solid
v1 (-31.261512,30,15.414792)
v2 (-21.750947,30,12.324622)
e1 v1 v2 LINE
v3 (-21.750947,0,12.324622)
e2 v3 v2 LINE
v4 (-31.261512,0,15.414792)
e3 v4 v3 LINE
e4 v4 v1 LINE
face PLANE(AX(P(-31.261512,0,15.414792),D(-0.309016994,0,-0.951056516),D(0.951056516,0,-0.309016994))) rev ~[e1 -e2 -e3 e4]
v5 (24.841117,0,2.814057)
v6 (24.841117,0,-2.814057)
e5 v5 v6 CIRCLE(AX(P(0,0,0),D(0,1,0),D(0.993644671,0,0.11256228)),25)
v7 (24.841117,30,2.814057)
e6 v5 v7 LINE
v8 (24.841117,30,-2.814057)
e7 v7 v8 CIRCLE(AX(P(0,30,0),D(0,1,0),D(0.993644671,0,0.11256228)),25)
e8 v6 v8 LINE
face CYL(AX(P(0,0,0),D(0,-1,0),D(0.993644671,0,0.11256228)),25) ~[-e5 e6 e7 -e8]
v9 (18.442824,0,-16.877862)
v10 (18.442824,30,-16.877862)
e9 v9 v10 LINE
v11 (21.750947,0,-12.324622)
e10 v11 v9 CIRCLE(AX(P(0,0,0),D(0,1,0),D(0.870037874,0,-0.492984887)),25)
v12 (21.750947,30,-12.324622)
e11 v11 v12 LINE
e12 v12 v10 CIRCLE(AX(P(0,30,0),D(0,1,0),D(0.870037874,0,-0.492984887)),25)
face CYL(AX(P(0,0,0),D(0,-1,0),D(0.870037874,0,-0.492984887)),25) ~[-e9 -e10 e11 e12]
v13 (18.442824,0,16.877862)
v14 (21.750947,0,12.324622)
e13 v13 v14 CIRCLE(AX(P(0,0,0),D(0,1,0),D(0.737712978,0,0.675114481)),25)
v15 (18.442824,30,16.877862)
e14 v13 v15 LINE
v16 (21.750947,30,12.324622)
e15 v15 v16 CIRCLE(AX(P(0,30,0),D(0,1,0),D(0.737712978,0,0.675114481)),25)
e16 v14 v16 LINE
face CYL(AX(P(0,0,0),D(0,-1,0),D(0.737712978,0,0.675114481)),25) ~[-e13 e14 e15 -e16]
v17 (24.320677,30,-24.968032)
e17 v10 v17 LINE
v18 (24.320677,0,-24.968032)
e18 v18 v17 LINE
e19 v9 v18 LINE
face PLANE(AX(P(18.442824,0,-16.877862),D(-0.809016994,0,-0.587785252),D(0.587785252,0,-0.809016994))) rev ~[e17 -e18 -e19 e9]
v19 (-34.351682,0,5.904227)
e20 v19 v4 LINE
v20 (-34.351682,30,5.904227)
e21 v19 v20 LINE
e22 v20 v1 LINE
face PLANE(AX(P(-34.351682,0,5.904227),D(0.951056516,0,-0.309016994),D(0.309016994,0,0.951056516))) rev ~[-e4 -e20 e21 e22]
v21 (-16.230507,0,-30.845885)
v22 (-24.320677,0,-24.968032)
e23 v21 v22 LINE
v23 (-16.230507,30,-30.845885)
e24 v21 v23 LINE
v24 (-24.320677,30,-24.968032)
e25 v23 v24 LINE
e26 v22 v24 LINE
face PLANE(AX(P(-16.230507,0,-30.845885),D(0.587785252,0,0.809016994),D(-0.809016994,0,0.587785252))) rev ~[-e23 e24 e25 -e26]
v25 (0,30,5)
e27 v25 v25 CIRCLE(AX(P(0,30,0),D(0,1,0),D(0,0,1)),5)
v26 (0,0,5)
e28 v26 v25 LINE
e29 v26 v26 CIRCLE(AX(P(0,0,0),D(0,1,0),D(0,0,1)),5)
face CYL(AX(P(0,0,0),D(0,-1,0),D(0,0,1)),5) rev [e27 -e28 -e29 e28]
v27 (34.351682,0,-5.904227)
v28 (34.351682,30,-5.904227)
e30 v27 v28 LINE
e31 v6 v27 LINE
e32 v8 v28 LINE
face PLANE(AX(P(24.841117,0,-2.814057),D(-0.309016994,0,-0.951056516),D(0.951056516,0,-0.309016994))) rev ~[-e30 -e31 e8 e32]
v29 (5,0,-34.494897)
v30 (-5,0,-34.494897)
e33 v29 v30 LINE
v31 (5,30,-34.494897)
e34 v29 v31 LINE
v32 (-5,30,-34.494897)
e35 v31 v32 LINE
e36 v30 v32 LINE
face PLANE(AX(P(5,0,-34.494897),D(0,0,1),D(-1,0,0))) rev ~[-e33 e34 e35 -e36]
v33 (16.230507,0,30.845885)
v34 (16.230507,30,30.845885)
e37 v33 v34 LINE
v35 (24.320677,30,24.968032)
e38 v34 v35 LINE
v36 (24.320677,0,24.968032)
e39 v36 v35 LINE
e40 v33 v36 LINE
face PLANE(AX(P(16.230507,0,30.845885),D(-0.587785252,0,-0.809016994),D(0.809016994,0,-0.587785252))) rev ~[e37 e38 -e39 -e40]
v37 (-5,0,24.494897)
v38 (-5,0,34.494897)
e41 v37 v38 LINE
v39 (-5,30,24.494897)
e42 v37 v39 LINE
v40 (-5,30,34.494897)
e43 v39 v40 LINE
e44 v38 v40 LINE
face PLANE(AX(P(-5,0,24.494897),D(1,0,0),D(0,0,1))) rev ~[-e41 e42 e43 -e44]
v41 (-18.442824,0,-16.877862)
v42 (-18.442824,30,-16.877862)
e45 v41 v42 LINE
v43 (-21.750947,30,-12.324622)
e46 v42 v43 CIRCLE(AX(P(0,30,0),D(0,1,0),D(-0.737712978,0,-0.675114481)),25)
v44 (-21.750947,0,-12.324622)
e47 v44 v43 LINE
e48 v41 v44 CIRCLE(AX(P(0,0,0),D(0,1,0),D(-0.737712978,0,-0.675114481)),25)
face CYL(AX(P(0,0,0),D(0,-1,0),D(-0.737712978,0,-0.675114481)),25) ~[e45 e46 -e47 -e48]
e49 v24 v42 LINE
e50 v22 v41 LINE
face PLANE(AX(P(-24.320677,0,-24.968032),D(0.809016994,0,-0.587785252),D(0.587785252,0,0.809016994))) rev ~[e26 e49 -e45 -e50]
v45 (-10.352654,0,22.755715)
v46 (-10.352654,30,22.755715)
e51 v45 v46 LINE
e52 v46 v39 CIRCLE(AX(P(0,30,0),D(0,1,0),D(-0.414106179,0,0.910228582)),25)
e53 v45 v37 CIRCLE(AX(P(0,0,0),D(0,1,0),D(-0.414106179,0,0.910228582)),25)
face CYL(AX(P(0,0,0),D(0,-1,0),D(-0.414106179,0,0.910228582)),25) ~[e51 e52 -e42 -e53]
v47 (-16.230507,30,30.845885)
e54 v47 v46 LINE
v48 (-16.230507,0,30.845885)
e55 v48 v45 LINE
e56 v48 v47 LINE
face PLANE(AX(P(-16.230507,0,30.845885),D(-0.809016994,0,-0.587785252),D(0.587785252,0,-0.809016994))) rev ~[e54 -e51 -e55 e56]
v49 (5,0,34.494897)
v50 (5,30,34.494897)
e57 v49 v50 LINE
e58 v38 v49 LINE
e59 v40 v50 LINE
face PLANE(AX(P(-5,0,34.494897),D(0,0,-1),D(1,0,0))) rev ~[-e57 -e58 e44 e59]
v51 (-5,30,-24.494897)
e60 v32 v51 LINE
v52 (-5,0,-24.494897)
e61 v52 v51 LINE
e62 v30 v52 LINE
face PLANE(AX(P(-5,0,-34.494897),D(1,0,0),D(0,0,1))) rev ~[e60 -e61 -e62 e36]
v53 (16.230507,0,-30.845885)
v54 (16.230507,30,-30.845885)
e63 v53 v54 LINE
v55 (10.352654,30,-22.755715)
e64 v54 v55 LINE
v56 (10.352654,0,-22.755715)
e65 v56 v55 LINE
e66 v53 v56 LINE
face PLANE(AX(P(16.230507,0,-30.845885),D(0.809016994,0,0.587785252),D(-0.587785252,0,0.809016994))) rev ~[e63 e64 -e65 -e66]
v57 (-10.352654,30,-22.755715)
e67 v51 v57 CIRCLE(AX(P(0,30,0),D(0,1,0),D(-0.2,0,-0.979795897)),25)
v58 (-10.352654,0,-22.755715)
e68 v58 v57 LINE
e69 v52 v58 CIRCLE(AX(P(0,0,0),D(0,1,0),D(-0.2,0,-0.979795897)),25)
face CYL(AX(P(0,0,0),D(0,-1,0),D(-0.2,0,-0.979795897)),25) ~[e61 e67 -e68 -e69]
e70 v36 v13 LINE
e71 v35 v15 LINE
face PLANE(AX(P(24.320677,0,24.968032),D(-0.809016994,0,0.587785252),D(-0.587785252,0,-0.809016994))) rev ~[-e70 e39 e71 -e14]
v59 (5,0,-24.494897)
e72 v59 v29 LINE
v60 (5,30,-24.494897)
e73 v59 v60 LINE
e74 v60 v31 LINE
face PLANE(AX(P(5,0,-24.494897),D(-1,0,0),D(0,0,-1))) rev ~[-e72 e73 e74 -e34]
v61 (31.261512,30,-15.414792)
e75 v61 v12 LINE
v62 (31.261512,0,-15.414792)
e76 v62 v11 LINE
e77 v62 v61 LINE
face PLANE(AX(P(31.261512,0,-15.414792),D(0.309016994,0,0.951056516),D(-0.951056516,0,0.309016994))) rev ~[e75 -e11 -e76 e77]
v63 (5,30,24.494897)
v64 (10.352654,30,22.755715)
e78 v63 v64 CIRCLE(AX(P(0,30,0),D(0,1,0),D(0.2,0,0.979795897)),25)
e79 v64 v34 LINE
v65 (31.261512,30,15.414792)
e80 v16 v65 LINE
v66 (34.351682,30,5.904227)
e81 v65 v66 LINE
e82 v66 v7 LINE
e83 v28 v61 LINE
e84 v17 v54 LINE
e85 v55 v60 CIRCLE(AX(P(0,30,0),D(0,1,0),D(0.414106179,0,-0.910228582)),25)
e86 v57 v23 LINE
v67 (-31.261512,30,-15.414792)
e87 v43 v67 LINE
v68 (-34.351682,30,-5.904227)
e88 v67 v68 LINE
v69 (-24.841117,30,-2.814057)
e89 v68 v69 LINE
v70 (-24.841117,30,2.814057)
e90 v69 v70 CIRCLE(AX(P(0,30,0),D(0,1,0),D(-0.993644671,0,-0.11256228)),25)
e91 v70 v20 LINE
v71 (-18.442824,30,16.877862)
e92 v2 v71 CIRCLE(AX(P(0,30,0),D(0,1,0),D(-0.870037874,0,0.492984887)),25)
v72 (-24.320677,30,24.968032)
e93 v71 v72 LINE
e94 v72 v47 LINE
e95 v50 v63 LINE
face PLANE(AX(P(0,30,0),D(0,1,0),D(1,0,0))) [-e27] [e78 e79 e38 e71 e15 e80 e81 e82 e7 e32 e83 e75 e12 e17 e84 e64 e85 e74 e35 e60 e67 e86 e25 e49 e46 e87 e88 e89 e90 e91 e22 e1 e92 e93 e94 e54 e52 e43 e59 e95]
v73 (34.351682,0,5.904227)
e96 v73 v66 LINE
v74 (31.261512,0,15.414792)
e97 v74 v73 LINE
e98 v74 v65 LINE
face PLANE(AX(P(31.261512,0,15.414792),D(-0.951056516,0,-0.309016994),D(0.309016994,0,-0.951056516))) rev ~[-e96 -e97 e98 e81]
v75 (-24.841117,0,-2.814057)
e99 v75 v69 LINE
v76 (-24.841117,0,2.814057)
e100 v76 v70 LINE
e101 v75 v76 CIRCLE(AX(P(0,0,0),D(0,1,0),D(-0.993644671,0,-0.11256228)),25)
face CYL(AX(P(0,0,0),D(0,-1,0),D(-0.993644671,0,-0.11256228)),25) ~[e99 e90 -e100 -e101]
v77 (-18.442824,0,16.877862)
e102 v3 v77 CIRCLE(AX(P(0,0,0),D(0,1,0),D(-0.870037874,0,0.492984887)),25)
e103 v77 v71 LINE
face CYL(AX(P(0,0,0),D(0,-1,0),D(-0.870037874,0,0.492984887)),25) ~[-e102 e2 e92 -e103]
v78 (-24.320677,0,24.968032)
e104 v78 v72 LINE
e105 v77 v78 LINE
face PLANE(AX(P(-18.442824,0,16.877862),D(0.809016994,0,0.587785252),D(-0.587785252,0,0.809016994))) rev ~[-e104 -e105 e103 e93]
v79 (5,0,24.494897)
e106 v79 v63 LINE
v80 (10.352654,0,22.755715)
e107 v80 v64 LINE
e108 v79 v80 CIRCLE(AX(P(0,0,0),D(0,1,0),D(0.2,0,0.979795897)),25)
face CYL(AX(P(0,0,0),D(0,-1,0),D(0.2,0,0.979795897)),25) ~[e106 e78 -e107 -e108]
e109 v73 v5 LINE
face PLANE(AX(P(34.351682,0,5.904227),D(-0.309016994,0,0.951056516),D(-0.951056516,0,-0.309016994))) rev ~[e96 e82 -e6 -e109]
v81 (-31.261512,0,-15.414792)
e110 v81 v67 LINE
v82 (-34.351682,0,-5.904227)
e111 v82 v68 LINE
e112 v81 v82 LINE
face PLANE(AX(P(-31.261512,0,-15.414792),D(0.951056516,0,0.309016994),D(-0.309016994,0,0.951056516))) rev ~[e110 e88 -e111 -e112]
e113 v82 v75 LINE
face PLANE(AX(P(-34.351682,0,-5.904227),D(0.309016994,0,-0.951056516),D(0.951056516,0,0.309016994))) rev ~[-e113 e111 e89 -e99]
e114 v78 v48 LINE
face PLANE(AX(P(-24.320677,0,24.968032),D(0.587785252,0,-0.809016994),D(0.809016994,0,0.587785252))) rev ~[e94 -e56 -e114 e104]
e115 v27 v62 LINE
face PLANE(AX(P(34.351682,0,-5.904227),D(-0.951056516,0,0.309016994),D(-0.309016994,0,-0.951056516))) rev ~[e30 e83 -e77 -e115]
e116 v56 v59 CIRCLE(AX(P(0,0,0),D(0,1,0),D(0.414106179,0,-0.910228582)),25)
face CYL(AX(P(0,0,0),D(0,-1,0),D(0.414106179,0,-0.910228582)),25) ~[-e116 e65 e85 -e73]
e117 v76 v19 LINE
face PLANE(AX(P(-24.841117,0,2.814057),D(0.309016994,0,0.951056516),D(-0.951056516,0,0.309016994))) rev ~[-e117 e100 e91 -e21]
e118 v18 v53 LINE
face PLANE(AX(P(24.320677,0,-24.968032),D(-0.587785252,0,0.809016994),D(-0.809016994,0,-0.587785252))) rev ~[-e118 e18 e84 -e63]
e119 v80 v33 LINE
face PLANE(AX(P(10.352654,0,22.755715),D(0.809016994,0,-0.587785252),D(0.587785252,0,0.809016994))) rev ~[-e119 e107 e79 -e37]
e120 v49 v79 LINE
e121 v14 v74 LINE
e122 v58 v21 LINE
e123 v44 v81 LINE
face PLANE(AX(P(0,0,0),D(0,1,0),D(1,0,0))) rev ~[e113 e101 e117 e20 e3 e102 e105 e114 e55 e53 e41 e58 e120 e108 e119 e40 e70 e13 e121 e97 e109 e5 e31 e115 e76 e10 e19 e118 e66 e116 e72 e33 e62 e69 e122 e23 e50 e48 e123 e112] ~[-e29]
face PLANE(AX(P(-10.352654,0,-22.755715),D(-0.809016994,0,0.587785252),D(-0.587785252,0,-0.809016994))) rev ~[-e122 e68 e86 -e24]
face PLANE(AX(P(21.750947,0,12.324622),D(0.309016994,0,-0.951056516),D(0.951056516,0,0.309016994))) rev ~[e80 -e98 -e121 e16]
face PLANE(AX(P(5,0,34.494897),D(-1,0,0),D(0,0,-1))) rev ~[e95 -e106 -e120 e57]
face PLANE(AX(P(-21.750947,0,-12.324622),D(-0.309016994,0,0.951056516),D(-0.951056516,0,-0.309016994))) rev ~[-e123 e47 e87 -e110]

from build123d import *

# Parameters (mm, degrees)
SKETCH_1_R      = 5
EXTRUDE_1_DEPTH = 30


with BuildPart() as part:
    # 草圖1 → 填料-伸長1 (new body)
    with BuildSketch(Plane(origin=(0, 0, 0), x_dir=(1, 0, 0), z_dir=(0, 1, 0))):
        with BuildLine():
            Line((24.320676959, 24.968031977), (16.230507016, 30.8458845))
            Line((16.230507016, 30.8458845), (10.352654493, 22.755714556))
            ThreePointArc((10.352654493, 22.755714556), (7.725424859, 23.776412907), (5, 24.494897428))
            Line((5, 24.494897428), (5, 34.494897428))
            Line((5, 34.494897428), (-5, 34.494897428))
            Line((-5, 34.494897428), (-5, 24.494897428))
            ThreePointArc((-5, 24.494897428), (-7.725424859, 23.776412907), (-10.352654493, 22.755714556))
            Line((-10.352654493, 22.755714556), (-16.230507016, 30.8458845))
            Line((-16.230507016, 30.8458845), (-24.320676959, 24.968031977))
            Line((-24.320676959, 24.968031977), (-18.442824436, 16.877862033))
            ThreePointArc((-18.442824436, 16.877862033), (-20.225424859, 14.694631307), (-21.750946843, 12.324622162))
            Line((-21.750946843, 12.324622162), (-31.261512006, 15.414792106))
            Line((-31.261512006, 15.414792106), (-34.35168195, 5.904226943))
            Line((-34.35168195, 5.904226943), (-24.841116787, 2.814056999))
            ThreePointArc((-24.841116787, 2.814056999), (-25, 0), (-24.841116787, -2.814056999))
            Line((-24.841116787, -2.814056999), (-34.35168195, -5.904226943))
            Line((-34.35168195, -5.904226943), (-31.261512006, -15.414792106))
            Line((-31.261512006, -15.414792106), (-21.750946843, -12.324622162))
            ThreePointArc((-21.750946843, -12.324622162), (-20.225424859, -14.694631307), (-18.442824436, -16.877862033))
            Line((-18.442824436, -16.877862033), (-24.320676959, -24.968031977))
            Line((-24.320676959, -24.968031977), (-16.230507016, -30.8458845))
            Line((-16.230507016, -30.8458845), (-10.352654493, -22.755714556))
            ThreePointArc((-10.352654493, -22.755714556), (-7.725424859, -23.776412907), (-5, -24.494897428))
            Line((-5, -24.494897428), (-5, -34.494897428))
            Line((-5, -34.494897428), (5, -34.494897428))
            Line((5, -34.494897428), (5, -24.494897428))
            ThreePointArc((5, -24.494897428), (7.725424859, -23.776412907), (10.352654493, -22.755714556))
            Line((10.352654493, -22.755714556), (16.230507016, -30.8458845))
            Line((16.230507016, -30.8458845), (24.320676959, -24.968031977))
            Line((24.320676959, -24.968031977), (18.442824436, -16.877862033))
            ThreePointArc((18.442824436, -16.877862033), (20.225424859, -14.694631307), (21.750946843, -12.324622162))
            Line((21.750946843, -12.324622162), (31.261512006, -15.414792106))
            Line((31.261512006, -15.414792106), (34.35168195, -5.904226943))
            Line((34.35168195, -5.904226943), (24.841116787, -2.814056999))
            ThreePointArc((24.841116787, -2.814056999), (25, 0), (24.841116787, 2.814056999))
            Line((24.841116787, 2.814056999), (34.35168195, 5.904226943))
            Line((34.35168195, 5.904226943), (31.261512006, 15.414792106))
            Line((31.261512006, 15.414792106), (21.750946843, 12.324622162))
            ThreePointArc((21.750946843, 12.324622162), (20.225424859, 14.694631307), (18.442824436, 16.877862033))
            Line((18.442824436, 16.877862033), (24.320676959, 24.968031977))
        make_face()
        with Locations(Location((0, 0, 0), (0, 0, 270))):
            Circle(SKETCH_1_R, mode=Mode.SUBTRACT)
    extrude(amount=EXTRUDE_1_DEPTH)


solid = part.part
